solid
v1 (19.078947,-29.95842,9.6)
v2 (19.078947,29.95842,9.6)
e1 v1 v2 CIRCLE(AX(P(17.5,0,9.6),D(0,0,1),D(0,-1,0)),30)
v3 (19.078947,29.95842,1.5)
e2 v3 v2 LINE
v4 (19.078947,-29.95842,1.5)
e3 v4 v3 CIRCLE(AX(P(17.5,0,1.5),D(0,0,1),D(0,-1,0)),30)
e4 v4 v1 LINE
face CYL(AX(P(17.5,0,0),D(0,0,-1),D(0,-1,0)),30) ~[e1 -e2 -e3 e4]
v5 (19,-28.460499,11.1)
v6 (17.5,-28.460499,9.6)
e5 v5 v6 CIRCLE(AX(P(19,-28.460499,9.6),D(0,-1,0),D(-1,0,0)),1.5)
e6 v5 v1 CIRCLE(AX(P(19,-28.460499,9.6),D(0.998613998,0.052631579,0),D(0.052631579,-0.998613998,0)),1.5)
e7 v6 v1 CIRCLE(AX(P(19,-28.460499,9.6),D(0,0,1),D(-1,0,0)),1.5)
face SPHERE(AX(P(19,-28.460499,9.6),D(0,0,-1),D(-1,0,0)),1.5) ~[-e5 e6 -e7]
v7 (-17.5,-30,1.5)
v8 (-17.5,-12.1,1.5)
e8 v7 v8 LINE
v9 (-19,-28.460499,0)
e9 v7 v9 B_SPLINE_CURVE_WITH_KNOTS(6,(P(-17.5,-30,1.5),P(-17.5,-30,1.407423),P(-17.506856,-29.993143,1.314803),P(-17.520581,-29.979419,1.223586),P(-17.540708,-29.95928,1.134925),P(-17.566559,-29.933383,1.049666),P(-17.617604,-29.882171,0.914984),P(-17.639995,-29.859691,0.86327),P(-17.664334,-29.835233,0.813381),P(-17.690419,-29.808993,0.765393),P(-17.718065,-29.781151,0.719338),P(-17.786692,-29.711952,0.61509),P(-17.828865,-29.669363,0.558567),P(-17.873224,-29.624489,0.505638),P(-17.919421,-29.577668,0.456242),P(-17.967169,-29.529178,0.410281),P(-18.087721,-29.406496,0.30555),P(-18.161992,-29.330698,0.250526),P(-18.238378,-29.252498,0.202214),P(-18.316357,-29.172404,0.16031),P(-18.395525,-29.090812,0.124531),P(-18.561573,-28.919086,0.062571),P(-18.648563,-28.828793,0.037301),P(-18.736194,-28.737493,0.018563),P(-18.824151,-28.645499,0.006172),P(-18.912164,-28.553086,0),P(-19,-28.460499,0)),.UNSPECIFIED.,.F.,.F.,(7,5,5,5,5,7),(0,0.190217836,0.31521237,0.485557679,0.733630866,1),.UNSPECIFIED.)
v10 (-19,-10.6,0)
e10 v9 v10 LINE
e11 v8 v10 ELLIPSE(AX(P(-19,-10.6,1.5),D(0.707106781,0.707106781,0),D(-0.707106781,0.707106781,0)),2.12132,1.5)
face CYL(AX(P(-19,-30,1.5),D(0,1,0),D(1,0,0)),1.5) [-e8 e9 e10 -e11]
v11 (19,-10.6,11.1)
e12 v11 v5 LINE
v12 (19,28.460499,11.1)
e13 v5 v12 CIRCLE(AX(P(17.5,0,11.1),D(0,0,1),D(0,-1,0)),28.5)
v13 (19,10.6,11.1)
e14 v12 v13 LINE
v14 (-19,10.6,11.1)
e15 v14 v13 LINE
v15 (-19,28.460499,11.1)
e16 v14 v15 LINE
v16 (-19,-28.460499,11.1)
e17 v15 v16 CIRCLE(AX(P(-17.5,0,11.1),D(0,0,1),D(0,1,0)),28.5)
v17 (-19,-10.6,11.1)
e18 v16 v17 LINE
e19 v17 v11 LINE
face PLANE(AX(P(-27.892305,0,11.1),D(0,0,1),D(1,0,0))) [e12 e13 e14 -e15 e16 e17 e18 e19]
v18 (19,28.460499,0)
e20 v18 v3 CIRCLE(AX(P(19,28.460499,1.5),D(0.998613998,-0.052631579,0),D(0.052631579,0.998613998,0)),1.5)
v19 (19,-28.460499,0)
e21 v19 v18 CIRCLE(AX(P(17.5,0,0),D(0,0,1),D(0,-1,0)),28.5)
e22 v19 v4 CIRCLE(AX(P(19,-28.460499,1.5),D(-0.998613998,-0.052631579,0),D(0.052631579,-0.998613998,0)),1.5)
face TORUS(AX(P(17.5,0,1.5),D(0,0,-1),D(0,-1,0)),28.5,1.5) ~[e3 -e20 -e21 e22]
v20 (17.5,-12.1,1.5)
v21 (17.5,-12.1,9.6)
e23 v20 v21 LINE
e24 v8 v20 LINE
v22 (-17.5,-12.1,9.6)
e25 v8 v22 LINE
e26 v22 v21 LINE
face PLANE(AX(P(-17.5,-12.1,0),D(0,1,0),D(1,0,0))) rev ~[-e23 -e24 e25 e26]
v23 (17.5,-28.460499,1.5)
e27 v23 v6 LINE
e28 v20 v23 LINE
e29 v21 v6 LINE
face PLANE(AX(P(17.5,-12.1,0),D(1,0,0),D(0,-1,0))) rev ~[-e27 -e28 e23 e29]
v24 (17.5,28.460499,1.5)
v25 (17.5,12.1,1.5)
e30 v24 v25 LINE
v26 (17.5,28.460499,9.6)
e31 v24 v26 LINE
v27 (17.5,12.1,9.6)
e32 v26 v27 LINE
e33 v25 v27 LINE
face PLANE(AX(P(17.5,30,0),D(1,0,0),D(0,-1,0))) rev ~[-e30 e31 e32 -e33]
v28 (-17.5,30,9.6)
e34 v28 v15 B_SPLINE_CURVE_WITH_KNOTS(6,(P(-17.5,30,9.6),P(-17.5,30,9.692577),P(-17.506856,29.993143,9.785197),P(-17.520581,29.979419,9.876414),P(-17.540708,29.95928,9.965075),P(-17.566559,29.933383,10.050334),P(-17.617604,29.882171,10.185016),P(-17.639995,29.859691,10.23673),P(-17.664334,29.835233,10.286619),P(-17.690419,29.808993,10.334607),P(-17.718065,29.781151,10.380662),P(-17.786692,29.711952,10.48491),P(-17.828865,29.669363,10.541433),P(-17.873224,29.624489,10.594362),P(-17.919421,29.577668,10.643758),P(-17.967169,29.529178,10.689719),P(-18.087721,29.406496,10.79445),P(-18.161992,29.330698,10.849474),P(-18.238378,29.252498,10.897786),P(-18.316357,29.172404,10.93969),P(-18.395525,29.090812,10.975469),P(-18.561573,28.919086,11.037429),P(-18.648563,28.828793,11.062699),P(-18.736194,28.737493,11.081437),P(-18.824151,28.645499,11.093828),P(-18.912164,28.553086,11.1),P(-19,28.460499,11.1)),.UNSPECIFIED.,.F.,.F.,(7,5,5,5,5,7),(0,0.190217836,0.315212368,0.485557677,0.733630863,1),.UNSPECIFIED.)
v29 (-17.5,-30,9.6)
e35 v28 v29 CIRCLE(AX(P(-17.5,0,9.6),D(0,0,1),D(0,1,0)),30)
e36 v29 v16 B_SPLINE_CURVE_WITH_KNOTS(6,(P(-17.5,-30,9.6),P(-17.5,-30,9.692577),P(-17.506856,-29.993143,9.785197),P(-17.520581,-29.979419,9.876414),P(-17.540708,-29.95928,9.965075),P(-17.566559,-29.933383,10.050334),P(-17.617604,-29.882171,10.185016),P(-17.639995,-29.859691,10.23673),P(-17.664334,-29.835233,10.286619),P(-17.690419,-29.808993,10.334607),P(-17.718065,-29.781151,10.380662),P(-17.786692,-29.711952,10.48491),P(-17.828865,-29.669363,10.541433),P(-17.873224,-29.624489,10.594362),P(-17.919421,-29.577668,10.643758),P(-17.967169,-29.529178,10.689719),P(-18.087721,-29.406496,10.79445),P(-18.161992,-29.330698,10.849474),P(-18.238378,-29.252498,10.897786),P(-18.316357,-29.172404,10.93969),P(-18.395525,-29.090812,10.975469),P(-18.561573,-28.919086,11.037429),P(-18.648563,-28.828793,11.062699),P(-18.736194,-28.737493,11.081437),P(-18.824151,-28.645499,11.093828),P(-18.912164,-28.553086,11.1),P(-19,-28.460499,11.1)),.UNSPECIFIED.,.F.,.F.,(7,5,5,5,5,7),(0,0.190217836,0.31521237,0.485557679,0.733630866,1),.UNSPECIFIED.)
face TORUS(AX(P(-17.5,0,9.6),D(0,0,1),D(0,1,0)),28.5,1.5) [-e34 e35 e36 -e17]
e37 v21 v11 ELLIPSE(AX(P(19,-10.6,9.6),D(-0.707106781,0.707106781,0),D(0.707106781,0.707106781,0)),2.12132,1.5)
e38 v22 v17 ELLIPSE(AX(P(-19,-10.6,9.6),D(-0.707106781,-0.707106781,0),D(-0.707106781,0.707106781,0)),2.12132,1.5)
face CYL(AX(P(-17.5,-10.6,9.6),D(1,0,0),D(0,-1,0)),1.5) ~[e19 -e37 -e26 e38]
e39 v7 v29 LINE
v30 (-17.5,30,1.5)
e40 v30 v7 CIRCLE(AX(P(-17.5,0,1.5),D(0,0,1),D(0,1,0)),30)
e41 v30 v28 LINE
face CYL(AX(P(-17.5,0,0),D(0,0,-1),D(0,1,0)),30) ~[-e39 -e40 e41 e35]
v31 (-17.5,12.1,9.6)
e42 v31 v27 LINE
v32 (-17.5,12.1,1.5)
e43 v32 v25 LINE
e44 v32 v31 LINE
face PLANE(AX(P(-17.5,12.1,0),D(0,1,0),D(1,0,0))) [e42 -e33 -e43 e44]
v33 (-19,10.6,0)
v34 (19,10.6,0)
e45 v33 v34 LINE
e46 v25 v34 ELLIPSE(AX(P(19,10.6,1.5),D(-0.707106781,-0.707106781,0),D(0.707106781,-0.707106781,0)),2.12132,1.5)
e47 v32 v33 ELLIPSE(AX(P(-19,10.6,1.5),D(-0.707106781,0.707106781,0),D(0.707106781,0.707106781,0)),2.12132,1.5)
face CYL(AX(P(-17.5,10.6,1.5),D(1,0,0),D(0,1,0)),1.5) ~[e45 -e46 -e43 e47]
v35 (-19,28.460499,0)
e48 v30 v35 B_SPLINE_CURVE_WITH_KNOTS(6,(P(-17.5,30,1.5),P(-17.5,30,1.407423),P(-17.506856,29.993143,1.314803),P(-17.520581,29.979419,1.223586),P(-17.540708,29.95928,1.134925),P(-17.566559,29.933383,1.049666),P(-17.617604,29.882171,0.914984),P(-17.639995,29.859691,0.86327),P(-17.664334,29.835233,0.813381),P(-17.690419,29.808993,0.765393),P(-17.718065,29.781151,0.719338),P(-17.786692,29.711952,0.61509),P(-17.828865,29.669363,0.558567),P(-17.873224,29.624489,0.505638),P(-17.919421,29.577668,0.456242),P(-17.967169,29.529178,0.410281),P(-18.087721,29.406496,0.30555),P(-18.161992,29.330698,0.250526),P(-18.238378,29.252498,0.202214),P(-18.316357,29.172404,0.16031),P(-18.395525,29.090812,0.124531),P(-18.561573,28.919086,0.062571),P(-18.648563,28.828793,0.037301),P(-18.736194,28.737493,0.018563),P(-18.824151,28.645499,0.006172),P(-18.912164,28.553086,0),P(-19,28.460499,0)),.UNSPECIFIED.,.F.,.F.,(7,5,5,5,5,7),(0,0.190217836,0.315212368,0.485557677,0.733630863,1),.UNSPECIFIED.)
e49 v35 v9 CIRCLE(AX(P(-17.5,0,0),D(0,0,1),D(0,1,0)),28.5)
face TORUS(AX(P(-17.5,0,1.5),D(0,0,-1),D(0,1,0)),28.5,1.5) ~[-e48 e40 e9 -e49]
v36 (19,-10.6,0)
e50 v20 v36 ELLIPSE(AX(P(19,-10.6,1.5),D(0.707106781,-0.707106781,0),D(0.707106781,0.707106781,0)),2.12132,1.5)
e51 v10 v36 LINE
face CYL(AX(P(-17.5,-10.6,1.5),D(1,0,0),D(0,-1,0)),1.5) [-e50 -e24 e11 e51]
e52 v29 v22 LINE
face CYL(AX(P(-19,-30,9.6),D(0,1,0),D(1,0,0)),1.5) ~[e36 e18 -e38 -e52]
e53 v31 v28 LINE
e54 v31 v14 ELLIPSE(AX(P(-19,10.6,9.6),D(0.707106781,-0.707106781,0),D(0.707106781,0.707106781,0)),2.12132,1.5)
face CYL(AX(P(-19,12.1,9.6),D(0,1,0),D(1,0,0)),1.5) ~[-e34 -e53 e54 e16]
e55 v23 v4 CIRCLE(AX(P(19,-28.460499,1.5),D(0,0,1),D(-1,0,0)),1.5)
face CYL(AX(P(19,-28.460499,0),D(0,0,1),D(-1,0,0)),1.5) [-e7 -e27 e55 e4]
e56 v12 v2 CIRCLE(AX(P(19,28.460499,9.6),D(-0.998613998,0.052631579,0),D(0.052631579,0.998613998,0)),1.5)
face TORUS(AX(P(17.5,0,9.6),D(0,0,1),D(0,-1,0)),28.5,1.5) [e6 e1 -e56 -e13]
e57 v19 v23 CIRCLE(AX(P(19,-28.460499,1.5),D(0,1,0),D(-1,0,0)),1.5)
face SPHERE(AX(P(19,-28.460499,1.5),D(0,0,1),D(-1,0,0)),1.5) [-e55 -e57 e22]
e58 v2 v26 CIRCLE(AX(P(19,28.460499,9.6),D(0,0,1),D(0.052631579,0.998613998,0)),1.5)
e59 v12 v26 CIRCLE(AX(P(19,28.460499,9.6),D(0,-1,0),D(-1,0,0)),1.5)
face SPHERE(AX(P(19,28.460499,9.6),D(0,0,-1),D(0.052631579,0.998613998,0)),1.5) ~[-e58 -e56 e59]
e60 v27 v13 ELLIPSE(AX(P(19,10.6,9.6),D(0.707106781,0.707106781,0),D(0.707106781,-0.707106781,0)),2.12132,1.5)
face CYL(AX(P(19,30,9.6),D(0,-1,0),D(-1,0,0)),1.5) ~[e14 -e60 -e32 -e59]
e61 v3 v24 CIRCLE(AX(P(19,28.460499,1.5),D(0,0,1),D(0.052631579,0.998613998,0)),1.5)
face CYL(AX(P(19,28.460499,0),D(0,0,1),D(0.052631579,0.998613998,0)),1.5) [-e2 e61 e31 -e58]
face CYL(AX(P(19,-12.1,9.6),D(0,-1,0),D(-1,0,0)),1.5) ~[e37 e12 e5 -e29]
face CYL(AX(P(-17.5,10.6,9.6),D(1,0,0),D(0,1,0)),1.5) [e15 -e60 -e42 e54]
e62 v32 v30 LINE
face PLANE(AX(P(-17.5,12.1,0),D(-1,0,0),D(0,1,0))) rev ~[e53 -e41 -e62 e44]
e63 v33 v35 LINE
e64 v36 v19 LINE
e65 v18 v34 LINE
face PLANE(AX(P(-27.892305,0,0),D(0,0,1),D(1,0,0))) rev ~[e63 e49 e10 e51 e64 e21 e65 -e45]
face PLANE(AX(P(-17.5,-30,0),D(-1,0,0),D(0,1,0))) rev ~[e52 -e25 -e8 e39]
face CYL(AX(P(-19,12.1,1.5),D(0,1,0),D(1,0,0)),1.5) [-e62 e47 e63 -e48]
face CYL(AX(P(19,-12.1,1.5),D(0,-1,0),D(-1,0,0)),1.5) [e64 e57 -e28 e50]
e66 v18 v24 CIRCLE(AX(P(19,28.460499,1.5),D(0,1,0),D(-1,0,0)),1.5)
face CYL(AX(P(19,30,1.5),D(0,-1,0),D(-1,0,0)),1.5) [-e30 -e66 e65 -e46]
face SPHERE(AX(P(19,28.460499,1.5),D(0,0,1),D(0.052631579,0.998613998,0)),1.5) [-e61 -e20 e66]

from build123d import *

# Parameters (mm, degrees)
F0_W     = 35
F0_H     = 24.2
F1_DEPTH = 11.1
F2_R     = 1.5


with BuildPart() as f1:
    # F0 (on Top) → F1 (new body)
    with BuildSketch(Plane.XY):
        with BuildLine():
            Line((-17.5, -12.1), (-17.5, 12.1))
            Line((-17.5, 12.1), (-17.5, 30))
            ThreePointArc((-17.5, 30), (-47.5, 0), (-17.5, -30))
            Line((-17.5, -30), (-17.5, -12.1))
        make_face()
        with BuildLine():
            Line((17.5, 30), (17.5, 12.1))
            Line((17.5, 12.1), (17.5, -12.1))
            Line((17.5, -12.1), (17.5, -30))
            ThreePointArc((17.5, -30), (47.5, 0), (17.5, 30))
        make_face()
        Rectangle(F0_W, F0_H)
    extrude(amount=F1_DEPTH)

    # F2
    f2_edges = [f1.edges().sort_by_distance(p)[0] for p in [
        (-47.5, 0, 11.1),
        (-17.5, 21.05, 11.1),
        (-17.5, -21.05, 11.1),
        (0, -12.1, 11.1),
        (17.5, -21.05, 11.1),
        (47.5, 0, 11.1),
        (17.5, 21.05, 11.1),
        (0, 12.1, 11.1),
        (-17.5, -21.05, 0),
        (0, -12.1, 0),
        (17.5, -21.05, 0),
        (47.5, 0, 0),
        (17.5, 21.05, 0),
        (0, 12.1, 0),
        (-17.5, 21.05, 0),
        (-47.5, 0, 0),
        (17.5, -30, 5.55),
        (17.5, 30, 5.55),
    ]]
    fillet(f2_edges, radius=F2_R)


solid = f1.part
